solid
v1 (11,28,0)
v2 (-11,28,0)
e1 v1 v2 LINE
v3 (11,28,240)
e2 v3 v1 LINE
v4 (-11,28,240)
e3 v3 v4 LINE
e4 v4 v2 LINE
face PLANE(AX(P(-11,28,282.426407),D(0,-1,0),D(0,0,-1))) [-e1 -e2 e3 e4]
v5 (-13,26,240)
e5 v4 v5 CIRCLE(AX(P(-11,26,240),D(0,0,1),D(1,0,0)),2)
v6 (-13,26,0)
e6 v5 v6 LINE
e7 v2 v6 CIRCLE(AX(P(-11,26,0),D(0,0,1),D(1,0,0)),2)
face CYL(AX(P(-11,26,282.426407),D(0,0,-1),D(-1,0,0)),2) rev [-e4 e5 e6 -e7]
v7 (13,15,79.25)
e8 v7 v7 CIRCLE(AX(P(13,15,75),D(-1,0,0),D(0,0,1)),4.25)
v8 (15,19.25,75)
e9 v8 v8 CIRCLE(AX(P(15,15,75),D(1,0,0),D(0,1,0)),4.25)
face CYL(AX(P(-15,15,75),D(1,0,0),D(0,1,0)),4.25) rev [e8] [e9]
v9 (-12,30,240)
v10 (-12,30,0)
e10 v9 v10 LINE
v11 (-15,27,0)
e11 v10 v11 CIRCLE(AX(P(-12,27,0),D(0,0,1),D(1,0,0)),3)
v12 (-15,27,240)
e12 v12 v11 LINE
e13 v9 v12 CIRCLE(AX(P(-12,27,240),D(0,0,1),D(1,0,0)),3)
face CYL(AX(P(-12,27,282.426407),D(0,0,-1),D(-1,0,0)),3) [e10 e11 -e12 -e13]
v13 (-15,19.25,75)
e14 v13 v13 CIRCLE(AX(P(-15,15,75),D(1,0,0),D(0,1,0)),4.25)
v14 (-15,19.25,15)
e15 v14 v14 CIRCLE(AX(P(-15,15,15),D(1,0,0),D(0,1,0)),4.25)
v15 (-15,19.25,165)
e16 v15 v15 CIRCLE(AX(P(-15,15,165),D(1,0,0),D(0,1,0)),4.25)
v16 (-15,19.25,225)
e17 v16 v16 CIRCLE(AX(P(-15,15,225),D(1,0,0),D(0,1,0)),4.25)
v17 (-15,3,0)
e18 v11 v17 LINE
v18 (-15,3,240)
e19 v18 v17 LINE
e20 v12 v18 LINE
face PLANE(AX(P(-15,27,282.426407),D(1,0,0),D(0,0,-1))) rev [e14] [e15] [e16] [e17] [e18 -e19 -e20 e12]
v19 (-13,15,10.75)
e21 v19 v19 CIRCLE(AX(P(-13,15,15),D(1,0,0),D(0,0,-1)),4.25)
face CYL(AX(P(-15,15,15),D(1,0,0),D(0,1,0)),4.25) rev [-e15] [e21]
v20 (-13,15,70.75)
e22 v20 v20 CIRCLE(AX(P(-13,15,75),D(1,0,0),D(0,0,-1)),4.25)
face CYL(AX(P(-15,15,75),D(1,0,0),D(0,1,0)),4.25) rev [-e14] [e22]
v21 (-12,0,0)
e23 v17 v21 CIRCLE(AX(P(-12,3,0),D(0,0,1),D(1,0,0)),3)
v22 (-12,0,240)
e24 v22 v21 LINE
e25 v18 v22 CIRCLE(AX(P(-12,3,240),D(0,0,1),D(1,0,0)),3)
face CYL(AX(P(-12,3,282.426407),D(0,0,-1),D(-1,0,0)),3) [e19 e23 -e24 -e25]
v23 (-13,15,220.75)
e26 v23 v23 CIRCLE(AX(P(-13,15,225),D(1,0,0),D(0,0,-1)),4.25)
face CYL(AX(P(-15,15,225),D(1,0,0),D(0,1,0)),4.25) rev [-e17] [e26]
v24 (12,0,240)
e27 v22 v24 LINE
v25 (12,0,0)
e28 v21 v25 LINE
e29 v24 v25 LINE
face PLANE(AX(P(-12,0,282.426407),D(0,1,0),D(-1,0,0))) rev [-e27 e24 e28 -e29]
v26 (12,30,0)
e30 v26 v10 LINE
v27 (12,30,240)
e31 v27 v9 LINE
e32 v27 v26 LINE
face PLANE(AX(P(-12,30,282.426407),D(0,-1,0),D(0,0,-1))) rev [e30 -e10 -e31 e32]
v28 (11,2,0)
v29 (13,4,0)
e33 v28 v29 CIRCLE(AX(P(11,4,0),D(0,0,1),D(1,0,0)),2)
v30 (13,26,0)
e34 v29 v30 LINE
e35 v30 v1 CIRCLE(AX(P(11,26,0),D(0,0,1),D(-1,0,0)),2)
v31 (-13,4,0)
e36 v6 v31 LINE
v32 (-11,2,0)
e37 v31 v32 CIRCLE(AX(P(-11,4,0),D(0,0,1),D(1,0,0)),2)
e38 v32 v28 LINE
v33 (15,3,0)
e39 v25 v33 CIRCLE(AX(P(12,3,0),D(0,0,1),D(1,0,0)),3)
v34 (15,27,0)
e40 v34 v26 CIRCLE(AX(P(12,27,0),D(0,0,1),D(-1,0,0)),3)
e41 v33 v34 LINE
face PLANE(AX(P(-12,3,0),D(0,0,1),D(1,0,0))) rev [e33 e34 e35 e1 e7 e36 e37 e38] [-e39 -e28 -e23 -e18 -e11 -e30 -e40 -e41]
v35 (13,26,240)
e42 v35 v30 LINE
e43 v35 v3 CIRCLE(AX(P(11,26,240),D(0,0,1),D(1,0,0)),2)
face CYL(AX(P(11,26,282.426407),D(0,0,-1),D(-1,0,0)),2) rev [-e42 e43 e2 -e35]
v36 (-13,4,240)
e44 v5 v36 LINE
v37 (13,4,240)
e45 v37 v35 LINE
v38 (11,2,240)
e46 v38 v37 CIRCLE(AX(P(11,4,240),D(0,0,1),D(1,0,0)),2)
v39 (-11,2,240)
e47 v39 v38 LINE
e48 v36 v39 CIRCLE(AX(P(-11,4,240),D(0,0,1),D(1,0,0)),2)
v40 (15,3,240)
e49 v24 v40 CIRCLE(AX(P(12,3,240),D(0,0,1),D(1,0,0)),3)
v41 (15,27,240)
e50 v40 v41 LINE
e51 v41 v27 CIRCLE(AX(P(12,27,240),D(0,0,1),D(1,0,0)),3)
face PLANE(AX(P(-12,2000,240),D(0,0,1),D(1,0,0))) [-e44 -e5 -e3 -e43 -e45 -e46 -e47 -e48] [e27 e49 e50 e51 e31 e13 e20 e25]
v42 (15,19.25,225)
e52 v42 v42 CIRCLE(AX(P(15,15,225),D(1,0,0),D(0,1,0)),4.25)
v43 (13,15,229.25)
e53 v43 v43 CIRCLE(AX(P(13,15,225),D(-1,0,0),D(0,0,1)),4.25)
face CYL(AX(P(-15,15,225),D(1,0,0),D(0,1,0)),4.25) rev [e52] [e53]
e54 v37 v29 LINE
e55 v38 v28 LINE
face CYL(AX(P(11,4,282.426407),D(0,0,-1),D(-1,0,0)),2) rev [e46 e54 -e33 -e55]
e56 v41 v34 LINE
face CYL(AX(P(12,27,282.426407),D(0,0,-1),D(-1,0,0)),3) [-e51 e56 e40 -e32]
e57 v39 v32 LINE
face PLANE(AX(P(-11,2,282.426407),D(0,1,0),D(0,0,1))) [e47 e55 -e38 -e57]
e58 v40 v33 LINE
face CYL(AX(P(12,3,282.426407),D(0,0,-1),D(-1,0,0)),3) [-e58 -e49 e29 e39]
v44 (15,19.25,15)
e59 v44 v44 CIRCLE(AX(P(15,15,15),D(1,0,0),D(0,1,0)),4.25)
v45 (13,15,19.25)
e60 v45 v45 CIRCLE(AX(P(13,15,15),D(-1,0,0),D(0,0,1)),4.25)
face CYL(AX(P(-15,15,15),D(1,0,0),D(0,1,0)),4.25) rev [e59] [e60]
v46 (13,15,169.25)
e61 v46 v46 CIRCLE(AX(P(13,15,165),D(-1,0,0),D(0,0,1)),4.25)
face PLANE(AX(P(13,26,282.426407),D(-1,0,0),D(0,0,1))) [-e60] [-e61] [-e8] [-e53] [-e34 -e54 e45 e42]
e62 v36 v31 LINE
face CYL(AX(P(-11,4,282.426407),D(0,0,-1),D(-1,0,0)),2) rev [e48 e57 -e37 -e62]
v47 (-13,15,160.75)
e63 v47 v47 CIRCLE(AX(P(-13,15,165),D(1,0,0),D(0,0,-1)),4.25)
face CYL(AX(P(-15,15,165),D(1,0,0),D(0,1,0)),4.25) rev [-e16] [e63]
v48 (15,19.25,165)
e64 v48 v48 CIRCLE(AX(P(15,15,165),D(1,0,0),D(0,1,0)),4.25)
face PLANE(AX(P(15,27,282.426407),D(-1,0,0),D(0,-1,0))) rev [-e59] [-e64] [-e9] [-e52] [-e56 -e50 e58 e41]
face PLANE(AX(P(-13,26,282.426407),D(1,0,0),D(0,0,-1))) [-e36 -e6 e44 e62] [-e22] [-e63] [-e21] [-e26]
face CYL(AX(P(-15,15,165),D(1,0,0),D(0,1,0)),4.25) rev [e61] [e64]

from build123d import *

# Parameters (mm, degrees)
EXTRUDE_1_DEPTH     = 240
SKETCH_2_R          = 4.25
CUT_EXTRUDE_1_DEPTH = 244.721152139


with BuildPart() as part:
    # Эскиз1 → Бобышка-Вытянуть1 (new body)
    with BuildSketch(Plane.XY):
        with BuildLine():
            Line((-12, 30), (12, 30))
            ThreePointArc((12, 30), (14.121320344, 29.121320344), (15, 27))
            Line((15, 27), (15, 3))
            ThreePointArc((15, 3), (14.121320344, 0.878679656), (12, 0))
            Line((12, 0), (-12, 0))
            ThreePointArc((-12, 0), (-14.121320344, 0.878679656), (-15, 3))
            Line((-15, 3), (-15, 27))
            ThreePointArc((-15, 27), (-14.121320344, 29.121320344), (-12, 30))
        make_face()
        with BuildLine():
            Line((-11, 28), (11, 28))
            ThreePointArc((11, 28), (12.414213562, 27.414213562), (13, 26))
            Line((13, 26), (13, 4))
            ThreePointArc((13, 4), (12.414213562, 2.585786438), (11, 2))
            Line((11, 2), (-11, 2))
            ThreePointArc((-11, 2), (-12.414213562, 2.585786438), (-13, 4))
            Line((-13, 4), (-13, 26))
            ThreePointArc((-13, 26), (-12.414213562, 27.414213562), (-11, 28))
        make_face(mode=Mode.SUBTRACT)
    extrude(amount=EXTRUDE_1_DEPTH)

    # Эскиз2 → Вырез-Вытянуть1 (cut, through all)
    with BuildSketch(Plane(origin=(15, 0, 0), x_dir=(0, 0, -1), z_dir=(1, 0, 0))):
        with Locations(Location((-225, 15, 0), (0, 0, 90))):
            Circle(SKETCH_2_R)
        with Locations(Location((-165, 15, 0), (0, 0, 90))):
            Circle(SKETCH_2_R)
        with Locations(Location((-75, 15, 0), (0, 0, 90))):
            Circle(SKETCH_2_R)
        with Locations(Location((-15, 15, 0), (0, 0, 90))):
            Circle(SKETCH_2_R)
    extrude(amount=-CUT_EXTRUDE_1_DEPTH, mode=Mode.SUBTRACT)


solid = part.part
